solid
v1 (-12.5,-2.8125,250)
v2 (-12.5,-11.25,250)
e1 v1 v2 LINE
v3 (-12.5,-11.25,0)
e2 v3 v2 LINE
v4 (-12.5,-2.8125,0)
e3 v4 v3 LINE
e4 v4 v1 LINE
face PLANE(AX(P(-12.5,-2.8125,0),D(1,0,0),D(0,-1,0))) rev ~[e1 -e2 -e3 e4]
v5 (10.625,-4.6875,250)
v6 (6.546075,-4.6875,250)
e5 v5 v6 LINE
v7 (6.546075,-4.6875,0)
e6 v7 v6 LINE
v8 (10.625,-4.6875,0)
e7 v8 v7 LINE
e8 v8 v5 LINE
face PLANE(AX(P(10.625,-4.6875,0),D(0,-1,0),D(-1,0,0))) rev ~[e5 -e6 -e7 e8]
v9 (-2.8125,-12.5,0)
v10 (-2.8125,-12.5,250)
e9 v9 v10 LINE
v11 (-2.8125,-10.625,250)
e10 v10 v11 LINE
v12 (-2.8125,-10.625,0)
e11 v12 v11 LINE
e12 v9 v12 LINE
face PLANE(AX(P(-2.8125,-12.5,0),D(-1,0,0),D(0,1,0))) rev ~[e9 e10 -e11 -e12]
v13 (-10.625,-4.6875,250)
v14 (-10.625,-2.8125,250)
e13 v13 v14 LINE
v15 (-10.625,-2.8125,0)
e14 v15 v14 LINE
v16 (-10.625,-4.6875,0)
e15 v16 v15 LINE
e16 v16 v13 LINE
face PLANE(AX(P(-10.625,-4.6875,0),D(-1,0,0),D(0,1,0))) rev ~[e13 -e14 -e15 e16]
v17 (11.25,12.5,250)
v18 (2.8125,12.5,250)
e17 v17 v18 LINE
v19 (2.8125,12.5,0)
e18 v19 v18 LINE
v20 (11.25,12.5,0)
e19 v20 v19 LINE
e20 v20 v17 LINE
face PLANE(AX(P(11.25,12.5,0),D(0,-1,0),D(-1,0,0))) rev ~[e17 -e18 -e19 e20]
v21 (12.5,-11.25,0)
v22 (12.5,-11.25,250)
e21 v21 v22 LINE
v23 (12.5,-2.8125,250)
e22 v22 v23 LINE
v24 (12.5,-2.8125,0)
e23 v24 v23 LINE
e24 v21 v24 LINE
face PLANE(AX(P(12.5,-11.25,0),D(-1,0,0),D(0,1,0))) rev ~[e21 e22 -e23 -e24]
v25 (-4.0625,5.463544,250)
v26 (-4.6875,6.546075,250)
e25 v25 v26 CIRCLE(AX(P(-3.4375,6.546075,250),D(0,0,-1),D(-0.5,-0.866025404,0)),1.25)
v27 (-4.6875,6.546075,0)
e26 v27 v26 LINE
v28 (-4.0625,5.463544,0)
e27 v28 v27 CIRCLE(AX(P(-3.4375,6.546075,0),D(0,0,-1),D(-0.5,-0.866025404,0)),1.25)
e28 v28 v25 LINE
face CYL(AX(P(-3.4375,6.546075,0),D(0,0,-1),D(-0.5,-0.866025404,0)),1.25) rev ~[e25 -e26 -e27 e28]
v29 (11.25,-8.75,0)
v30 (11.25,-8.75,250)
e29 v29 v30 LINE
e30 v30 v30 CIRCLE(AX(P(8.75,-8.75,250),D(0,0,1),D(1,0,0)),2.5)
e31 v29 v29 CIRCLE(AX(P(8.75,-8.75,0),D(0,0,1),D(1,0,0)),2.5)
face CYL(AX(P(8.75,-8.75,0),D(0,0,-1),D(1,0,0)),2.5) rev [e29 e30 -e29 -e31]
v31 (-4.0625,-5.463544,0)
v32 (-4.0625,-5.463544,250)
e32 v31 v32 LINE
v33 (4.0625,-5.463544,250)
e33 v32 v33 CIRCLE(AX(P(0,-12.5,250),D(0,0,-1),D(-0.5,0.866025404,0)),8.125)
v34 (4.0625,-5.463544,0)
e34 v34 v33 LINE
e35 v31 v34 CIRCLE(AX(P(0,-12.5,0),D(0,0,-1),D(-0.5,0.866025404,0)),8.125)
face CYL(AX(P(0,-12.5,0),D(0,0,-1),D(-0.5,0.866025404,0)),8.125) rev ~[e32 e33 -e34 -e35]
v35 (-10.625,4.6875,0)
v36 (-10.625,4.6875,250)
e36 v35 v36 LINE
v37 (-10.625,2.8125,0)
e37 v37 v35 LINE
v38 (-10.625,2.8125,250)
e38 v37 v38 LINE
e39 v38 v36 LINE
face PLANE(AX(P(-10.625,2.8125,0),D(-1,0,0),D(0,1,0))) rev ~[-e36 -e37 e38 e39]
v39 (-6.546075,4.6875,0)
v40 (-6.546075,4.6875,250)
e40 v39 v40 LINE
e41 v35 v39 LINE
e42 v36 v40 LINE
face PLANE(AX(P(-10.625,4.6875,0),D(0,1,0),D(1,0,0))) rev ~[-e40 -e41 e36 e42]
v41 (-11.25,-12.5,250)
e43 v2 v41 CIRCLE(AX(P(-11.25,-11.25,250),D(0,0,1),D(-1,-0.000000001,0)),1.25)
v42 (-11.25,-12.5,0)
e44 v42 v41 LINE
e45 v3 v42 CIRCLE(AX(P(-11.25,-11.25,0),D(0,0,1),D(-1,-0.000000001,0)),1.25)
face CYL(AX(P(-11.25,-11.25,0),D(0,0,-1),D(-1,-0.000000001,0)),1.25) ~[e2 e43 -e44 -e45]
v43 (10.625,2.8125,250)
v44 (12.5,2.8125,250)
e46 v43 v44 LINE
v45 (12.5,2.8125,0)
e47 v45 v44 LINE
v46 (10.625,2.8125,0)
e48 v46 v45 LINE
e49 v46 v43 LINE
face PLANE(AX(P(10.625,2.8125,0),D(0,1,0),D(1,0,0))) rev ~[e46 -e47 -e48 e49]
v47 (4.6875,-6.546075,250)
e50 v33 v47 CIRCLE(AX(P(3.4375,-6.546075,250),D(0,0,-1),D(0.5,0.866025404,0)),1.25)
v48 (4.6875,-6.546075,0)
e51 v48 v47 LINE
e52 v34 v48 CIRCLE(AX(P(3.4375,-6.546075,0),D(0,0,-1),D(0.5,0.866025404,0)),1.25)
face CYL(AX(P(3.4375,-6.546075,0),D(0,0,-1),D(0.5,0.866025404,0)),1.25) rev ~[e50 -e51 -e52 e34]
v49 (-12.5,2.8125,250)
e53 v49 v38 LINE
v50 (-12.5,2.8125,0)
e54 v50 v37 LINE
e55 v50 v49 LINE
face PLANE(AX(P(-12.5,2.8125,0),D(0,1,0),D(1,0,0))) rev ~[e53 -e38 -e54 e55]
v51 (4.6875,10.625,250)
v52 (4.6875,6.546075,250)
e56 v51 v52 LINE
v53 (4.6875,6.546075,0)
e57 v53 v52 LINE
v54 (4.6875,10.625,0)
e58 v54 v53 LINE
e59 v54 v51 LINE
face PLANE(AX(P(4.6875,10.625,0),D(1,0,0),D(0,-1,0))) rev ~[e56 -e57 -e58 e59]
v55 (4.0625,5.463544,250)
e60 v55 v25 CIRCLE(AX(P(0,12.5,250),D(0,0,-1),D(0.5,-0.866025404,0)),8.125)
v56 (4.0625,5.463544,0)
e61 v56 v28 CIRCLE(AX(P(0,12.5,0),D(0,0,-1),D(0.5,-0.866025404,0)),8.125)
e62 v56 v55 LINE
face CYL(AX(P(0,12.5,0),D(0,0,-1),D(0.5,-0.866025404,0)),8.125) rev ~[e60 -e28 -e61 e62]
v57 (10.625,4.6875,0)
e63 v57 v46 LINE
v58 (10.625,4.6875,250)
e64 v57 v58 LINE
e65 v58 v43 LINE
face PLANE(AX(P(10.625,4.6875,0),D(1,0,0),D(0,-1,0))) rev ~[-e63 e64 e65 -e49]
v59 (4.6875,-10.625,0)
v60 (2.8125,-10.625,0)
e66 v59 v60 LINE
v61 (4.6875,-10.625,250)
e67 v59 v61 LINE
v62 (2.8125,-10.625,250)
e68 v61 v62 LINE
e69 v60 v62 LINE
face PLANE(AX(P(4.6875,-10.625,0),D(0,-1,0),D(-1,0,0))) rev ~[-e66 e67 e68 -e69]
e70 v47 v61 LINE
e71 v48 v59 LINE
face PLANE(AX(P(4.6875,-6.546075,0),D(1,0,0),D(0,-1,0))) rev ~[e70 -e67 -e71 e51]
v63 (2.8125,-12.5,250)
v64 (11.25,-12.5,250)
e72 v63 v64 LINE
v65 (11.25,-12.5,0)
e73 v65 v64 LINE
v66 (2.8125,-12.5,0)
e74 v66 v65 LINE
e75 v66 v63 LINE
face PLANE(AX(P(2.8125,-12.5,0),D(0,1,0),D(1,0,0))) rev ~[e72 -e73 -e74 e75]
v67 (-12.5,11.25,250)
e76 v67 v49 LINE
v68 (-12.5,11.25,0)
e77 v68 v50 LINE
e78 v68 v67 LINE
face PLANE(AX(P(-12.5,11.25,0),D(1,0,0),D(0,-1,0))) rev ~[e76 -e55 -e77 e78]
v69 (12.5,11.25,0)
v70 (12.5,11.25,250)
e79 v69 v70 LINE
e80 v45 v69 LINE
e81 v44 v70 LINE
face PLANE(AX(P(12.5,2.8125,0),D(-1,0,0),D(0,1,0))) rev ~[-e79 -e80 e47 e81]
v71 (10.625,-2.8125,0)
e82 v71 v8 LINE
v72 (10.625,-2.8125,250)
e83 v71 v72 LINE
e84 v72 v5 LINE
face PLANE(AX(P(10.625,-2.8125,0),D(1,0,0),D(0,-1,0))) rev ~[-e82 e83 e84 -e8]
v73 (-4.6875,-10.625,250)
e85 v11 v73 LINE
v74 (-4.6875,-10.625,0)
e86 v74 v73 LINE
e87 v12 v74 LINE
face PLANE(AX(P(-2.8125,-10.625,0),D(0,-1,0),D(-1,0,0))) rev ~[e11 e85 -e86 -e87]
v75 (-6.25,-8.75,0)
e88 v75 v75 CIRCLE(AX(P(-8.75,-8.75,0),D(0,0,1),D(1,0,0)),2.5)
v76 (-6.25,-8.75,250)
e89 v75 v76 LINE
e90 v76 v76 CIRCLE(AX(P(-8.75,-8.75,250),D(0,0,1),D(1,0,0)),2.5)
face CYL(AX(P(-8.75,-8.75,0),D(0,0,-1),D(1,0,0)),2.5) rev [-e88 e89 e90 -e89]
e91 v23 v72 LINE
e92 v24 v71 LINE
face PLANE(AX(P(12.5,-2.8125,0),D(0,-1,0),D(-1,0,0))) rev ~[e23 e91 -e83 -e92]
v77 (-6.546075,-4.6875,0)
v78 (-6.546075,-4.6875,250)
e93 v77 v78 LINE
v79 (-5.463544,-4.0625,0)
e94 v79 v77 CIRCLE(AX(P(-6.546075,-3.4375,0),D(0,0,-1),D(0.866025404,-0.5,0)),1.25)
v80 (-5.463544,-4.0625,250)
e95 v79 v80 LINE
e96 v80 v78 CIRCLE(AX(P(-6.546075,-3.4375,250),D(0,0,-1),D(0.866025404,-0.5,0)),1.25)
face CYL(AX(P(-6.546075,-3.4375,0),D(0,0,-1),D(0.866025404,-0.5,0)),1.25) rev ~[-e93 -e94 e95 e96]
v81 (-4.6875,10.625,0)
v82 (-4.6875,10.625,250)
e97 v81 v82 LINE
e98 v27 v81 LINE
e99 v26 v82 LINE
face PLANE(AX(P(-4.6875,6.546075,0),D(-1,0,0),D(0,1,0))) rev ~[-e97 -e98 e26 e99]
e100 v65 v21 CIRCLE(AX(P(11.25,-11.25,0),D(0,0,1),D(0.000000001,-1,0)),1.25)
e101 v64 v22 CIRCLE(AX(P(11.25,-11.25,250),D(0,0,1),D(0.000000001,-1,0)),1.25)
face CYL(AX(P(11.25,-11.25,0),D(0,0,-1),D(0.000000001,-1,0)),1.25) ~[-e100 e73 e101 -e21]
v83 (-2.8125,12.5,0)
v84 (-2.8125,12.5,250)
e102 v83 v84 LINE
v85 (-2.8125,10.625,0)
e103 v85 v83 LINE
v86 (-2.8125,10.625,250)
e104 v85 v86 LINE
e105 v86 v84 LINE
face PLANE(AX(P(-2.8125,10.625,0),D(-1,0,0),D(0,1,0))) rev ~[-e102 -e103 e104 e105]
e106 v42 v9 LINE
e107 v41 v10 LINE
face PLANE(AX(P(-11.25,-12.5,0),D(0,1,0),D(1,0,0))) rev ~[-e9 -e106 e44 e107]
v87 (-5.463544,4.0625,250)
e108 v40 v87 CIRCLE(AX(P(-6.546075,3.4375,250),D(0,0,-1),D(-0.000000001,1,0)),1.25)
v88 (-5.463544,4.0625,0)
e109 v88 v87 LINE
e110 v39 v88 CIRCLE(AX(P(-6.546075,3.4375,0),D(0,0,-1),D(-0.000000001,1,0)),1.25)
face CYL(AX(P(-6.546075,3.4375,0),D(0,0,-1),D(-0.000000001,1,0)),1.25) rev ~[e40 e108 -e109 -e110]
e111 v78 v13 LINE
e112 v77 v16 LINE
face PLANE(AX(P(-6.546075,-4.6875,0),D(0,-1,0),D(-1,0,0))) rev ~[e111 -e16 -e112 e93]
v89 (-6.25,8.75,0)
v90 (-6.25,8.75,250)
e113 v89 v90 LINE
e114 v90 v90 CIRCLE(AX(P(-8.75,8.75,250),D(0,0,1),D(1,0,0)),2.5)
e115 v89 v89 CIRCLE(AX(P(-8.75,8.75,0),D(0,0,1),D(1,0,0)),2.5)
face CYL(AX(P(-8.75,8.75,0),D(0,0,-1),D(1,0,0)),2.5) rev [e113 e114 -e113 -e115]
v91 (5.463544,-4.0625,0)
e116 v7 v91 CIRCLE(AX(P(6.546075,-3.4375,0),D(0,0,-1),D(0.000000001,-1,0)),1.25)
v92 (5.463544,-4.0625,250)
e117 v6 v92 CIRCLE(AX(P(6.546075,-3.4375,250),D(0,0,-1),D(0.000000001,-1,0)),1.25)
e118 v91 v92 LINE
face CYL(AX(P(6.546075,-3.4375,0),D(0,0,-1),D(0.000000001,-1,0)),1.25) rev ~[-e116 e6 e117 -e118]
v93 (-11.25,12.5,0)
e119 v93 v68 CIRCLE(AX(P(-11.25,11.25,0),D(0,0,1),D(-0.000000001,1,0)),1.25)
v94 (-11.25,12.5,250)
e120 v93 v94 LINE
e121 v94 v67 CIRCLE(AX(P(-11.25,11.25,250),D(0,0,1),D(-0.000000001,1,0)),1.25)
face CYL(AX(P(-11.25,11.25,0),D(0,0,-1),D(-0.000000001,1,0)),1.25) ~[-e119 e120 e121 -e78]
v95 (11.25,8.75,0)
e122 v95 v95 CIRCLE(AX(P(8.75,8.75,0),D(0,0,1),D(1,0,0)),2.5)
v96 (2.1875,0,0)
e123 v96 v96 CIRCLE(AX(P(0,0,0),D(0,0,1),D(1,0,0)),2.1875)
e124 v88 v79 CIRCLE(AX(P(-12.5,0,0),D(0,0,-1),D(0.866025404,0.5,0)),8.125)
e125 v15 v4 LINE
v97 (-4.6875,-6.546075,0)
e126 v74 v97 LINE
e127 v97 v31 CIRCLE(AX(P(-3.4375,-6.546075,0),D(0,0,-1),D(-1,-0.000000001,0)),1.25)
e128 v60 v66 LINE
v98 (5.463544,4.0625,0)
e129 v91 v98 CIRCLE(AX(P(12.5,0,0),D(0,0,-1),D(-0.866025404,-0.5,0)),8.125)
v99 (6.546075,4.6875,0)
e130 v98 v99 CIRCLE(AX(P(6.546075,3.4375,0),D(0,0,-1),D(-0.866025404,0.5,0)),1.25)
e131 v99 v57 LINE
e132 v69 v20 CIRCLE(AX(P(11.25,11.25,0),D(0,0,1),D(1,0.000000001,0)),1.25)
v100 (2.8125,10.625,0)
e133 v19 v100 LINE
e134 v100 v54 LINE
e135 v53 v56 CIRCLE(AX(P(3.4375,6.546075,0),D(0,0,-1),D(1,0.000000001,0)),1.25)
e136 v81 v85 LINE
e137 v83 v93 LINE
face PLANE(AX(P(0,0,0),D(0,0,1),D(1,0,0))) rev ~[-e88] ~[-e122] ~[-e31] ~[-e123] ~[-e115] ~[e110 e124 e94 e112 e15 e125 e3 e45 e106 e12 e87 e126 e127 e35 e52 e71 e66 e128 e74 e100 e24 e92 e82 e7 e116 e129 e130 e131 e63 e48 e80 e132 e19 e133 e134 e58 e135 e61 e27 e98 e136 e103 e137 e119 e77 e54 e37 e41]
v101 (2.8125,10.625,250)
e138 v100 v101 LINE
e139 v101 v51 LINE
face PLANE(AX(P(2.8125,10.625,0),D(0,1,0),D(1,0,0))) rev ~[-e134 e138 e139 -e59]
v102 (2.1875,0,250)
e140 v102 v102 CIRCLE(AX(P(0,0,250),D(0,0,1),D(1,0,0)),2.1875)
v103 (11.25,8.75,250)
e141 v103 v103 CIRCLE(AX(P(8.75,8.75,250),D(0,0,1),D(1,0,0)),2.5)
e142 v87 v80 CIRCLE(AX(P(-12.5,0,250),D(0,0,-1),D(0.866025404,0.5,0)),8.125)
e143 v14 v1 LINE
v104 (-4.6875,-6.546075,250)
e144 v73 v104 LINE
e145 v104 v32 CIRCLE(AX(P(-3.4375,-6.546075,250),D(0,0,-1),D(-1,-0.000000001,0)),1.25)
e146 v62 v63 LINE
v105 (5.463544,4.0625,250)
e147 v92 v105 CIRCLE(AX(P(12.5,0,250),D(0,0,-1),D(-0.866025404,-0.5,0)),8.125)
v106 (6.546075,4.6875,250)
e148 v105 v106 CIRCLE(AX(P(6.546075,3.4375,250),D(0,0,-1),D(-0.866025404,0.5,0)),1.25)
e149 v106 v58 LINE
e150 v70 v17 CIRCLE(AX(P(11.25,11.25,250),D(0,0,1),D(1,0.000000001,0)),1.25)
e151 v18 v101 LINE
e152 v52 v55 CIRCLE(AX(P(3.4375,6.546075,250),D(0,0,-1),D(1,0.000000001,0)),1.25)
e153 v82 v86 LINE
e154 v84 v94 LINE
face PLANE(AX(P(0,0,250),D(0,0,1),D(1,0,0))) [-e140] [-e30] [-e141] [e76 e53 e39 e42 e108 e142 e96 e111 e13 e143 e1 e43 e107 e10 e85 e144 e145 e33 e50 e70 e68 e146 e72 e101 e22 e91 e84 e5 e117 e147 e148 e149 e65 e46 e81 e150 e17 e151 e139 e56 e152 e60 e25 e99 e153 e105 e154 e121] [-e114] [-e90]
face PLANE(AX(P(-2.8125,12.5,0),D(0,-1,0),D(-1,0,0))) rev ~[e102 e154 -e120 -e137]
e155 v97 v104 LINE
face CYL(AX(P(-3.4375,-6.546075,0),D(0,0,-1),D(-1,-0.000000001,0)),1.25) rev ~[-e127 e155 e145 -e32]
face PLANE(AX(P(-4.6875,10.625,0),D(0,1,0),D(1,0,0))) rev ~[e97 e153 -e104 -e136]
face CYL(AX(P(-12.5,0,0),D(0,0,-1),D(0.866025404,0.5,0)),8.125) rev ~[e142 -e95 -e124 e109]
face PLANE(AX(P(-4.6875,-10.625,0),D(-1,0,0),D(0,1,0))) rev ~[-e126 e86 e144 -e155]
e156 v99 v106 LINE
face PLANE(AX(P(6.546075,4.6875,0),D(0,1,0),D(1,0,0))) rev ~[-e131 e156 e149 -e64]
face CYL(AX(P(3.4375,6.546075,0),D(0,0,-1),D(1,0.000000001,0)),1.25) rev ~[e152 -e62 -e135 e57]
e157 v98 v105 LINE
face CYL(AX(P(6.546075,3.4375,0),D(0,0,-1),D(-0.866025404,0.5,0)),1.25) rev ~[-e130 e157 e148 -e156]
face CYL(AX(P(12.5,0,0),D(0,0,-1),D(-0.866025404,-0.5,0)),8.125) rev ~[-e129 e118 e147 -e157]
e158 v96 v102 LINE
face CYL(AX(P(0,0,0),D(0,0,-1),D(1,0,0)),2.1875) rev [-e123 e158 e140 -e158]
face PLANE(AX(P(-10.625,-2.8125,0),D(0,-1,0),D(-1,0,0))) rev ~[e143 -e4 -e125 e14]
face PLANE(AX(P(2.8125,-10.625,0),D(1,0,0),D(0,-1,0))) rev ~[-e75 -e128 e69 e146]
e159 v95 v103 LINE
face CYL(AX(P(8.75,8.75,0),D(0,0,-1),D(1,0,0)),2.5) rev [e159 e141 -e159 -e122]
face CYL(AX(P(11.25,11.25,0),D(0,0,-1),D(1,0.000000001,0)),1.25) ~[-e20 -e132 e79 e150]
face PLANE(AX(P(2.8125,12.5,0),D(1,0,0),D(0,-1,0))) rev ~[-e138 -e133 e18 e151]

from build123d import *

# Parameters (mm, degrees)
SKETCH1_R           = 2.5
SKETCH1_R_2         = 2.1875
BOSS_EXTRUDE1_DEPTH = 250


with BuildPart() as part:
    # Sketch1 → Boss-Extrude1 (new body)
    with BuildSketch(Plane.XY):
        with BuildLine():
            Line((-12.5, 11.25), (-12.5, 2.8125))
            Line((-12.5, 2.8125), (-10.625, 2.8125))
            Line((-10.625, 2.8125), (-10.625, 4.6875))
            Line((-10.625, 4.6875), (-6.546075349, 4.6875))
            ThreePointArc((-6.546075349, 4.6875), (-5.921075349, 4.520031755), (-5.463543594, 4.0625))
            ThreePointArc((-5.463543594, 4.0625), (-4.375, 0), (-5.463543594, -4.0625))
            ThreePointArc((-5.463543594, -4.0625), (-5.921075349, -4.520031755), (-6.546075349, -4.6875))
            Line((-6.546075349, -4.6875), (-10.625, -4.6875))
            Line((-10.625, -4.6875), (-10.625, -2.8125))
            Line((-10.625, -2.8125), (-12.5, -2.8125))
            Line((-12.5, -2.8125), (-12.5, -11.25))
            ThreePointArc((-12.5, -11.25), (-12.133883476, -12.133883476), (-11.25, -12.5))
            Line((-11.25, -12.5), (-2.8125, -12.5))
            Line((-2.8125, -12.5), (-2.8125, -10.625))
            Line((-2.8125, -10.625), (-4.6875, -10.625))
            Line((-4.6875, -10.625), (-4.6875, -6.546075349))
            ThreePointArc((-4.6875, -6.546075349), (-4.520031755, -5.921075349), (-4.0625, -5.463543594))
            ThreePointArc((-4.0625, -5.463543594), (0, -4.375), (4.0625, -5.463543594))
            ThreePointArc((4.0625, -5.463543594), (4.520031755, -5.921075349), (4.6875, -6.546075349))
            Line((4.6875, -6.546075349), (4.6875, -10.625))
            Line((4.6875, -10.625), (2.8125, -10.625))
            Line((2.8125, -10.625), (2.8125, -12.5))
            Line((2.8125, -12.5), (11.25, -12.5))
            ThreePointArc((11.25, -12.5), (12.133883476, -12.133883476), (12.5, -11.25))
            Line((12.5, -11.25), (12.5, -2.8125))
            Line((12.5, -2.8125), (10.625, -2.8125))
            Line((10.625, -2.8125), (10.625, -4.6875))
            Line((10.625, -4.6875), (6.546075349, -4.6875))
            ThreePointArc((6.546075349, -4.6875), (5.921075349, -4.520031755), (5.463543594, -4.0625))
            ThreePointArc((5.463543594, -4.0625), (4.375, 0), (5.463543594, 4.0625))
            ThreePointArc((5.463543594, 4.0625), (5.921075349, 4.520031755), (6.546075349, 4.6875))
            Line((6.546075349, 4.6875), (10.625, 4.6875))
            Line((10.625, 4.6875), (10.625, 2.8125))
            Line((10.625, 2.8125), (12.5, 2.8125))
            Line((12.5, 2.8125), (12.5, 11.25))
            ThreePointArc((12.5, 11.25), (12.133883476, 12.133883476), (11.25, 12.5))
            Line((11.25, 12.5), (2.8125, 12.5))
            Line((2.8125, 12.5), (2.8125, 10.625))
            Line((2.8125, 10.625), (4.6875, 10.625))
            Line((4.6875, 10.625), (4.6875, 6.546075349))
            ThreePointArc((4.6875, 6.546075349), (4.520031755, 5.921075349), (4.0625, 5.463543594))
            ThreePointArc((4.0625, 5.463543594), (0, 4.375), (-4.0625, 5.463543594))
            ThreePointArc((-4.0625, 5.463543594), (-4.520031755, 5.921075349), (-4.6875, 6.546075349))
            Line((-4.6875, 6.546075349), (-4.6875, 10.625))
            Line((-4.6875, 10.625), (-2.8125, 10.625))
            Line((-2.8125, 10.625), (-2.8125, 12.5))
            Line((-2.8125, 12.5), (-11.25, 12.5))
            ThreePointArc((-11.25, 12.5), (-12.133883476, 12.133883476), (-12.5, 11.25))
        make_face()
        with Locations((-8.75, -8.75)):
            Circle(SKETCH1_R, mode=Mode.SUBTRACT)
        with Locations((8.75, -8.75)):
            Circle(SKETCH1_R, mode=Mode.SUBTRACT)
        with Locations((8.75, 8.75)):
            Circle(SKETCH1_R, mode=Mode.SUBTRACT)
        Circle(SKETCH1_R_2, mode=Mode.SUBTRACT)
        with Locations((-8.75, 8.75)):
            Circle(SKETCH1_R, mode=Mode.SUBTRACT)
    extrude(amount=BOSS_EXTRUDE1_DEPTH)


solid = part.part
